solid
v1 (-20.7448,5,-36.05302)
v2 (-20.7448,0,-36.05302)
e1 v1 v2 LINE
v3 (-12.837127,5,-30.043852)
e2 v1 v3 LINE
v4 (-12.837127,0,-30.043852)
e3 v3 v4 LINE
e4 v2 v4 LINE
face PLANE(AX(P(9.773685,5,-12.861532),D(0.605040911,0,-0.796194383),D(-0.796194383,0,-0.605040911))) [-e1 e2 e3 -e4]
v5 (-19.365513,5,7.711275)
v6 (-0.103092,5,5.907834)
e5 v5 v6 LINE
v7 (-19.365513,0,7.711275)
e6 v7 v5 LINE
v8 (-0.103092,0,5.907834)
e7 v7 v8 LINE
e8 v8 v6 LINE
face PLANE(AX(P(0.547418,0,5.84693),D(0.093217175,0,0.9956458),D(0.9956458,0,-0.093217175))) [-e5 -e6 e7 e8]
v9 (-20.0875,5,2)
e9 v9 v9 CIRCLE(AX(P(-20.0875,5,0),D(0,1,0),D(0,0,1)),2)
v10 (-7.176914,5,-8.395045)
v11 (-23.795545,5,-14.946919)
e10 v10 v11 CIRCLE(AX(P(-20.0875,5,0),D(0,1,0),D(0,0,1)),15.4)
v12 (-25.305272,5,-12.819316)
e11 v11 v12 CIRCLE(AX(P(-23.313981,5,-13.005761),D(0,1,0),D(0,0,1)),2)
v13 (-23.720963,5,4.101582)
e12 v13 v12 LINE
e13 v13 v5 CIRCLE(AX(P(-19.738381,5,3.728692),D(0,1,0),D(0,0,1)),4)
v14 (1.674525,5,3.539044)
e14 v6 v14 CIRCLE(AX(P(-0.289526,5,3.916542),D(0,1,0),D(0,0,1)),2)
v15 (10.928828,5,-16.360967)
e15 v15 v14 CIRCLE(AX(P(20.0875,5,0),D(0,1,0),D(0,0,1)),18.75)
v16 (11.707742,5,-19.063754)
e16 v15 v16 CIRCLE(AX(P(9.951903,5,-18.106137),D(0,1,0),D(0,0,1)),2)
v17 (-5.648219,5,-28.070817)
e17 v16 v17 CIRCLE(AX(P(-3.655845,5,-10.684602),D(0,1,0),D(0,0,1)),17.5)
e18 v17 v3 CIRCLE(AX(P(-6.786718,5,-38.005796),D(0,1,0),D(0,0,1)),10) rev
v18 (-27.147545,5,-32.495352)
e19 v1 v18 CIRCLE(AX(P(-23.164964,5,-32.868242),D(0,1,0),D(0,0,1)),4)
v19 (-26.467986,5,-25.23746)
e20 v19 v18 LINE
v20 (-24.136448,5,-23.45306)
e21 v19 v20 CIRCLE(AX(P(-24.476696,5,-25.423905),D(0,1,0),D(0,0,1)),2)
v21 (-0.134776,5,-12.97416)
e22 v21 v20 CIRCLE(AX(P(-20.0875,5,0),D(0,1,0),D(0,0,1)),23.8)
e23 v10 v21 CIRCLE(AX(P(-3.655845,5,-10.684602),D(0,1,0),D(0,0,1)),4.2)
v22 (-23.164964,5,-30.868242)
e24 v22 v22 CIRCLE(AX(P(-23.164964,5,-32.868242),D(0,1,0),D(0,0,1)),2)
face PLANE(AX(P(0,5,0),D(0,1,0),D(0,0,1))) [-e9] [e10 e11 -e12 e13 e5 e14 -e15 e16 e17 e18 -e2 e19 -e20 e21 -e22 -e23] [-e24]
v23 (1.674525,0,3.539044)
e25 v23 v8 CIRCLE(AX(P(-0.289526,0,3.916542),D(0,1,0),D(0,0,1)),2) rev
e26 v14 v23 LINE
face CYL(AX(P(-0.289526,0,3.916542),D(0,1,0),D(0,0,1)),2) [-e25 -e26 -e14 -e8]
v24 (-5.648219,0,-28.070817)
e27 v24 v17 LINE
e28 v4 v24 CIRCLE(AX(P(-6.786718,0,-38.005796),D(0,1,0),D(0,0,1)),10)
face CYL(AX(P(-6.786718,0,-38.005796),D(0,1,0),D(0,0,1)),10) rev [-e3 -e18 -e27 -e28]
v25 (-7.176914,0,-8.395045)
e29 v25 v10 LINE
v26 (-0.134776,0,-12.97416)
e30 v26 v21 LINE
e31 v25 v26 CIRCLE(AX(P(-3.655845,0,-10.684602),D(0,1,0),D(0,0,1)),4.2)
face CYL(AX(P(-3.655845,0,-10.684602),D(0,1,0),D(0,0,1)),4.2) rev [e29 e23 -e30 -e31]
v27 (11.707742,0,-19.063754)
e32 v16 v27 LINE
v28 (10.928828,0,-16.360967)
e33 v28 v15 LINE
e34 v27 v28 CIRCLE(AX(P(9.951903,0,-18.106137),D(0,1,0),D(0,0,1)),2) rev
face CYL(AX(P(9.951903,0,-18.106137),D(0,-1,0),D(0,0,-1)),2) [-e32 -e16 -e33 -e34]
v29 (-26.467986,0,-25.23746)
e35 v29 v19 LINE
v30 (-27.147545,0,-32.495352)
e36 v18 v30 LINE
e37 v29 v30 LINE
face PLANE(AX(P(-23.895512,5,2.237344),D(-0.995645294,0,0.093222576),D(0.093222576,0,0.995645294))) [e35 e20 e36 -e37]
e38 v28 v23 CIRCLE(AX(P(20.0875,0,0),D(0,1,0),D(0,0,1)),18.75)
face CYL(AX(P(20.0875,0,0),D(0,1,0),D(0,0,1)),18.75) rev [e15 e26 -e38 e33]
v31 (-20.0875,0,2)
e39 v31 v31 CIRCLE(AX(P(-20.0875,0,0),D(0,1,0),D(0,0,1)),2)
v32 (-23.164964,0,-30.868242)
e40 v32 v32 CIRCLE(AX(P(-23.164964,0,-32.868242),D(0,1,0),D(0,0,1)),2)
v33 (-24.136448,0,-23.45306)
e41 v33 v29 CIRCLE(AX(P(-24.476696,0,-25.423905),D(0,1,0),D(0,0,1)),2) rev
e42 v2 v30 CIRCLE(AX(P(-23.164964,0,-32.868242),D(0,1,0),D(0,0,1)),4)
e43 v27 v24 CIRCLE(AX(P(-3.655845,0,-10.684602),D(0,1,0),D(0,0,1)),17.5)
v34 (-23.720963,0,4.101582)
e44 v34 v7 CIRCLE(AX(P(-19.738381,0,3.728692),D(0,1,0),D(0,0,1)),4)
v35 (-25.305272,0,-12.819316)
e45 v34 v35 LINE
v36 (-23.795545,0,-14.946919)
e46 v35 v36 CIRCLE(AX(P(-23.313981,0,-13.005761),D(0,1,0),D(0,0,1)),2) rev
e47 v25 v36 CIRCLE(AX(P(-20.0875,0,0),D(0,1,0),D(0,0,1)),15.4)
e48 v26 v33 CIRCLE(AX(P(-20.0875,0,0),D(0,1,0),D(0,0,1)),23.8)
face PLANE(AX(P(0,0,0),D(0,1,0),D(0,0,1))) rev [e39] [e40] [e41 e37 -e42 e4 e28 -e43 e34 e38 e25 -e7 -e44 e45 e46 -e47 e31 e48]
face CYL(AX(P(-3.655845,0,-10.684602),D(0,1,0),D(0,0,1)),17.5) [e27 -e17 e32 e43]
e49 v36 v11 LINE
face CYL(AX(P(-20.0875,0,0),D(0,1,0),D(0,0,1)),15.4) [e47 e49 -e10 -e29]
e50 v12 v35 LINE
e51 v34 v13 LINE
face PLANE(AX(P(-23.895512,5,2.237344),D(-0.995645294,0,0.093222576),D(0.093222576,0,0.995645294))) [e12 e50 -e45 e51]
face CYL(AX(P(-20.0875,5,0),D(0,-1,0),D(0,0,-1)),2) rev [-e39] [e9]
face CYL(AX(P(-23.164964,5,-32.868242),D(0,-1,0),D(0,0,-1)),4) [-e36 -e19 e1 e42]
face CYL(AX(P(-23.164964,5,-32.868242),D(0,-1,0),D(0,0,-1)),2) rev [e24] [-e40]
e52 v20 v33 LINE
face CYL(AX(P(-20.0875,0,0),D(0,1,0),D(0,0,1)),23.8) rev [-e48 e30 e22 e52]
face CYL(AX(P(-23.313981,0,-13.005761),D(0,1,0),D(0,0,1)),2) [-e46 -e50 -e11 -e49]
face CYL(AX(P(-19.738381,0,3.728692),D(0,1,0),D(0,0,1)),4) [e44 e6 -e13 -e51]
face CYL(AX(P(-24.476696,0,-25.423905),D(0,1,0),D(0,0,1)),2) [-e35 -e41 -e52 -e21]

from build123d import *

# Parameters (mm, degrees)
SKETCH_1_R          = 2
EXTRUDE_1_DEPTH     = 5
EXTRUDE_2_DEPTH     = 5
CUT_EXTRUDE_1_DEPTH = 6
EXTRUDE_3_DEPTH     = 5
FILLET_1_R          = 10
FILLET_2_R          = 2
SKETCH_6_R          = 18.75
CUT_EXTRUDE_2_DEPTH = 6
FILLET_3_R          = 2


with BuildPart() as part:
    # 草图1 → 凸台-拉伸1 (new body)
    with BuildSketch(Plane(origin=(0, 0, 0), x_dir=(1, 0, 0), z_dir=(0, 1, 0))):
        with BuildLine():
            ThreePointArc((-20.0875, 4), (-23.044826598, 2.693365811), (-24.070081176, -0.372890305))
            ThreePointArc((-24.070081176, -0.372890305), (-22.780865811, -2.957326598), (-20.0875, -4))
            ThreePointArc((-20.0875, -4), (-17.130173402, -2.693365811), (-16.104918824, 0.372890305))
            Line((-16.104918824, 0.372890305), (-16.444526225, 4))
            Line((-16.444526225, 4), (-20.0875, 4))
        make_face()
        with Locations((-20.0875, 0)):
            Circle(SKETCH_1_R, mode=Mode.SUBTRACT)
        with BuildLine():
            Line((-27.14754486, 32.495352138), (-24.070081176, -0.372890305))
            ThreePointArc((-24.070081176, -0.372890305), (-23.044826598, 2.693365811), (-20.0875, 4))
            Line((-20.0875, 4), (-16.444526225, 4))
            Line((-16.444526225, 4), (-18.333300994, 24.172685504))
            Line((-18.333300994, 24.172685504), (-25.585127327, 29.683464909))
            ThreePointArc((-25.585127327, 29.683464909), (-26.661456606, 30.925425609), (-27.14754486, 32.495352138))
        make_face()
        with BuildLine():
            ThreePointArc((-20.74480004, 36.053019976), (-25.107780517, 36.364735365), (-27.14754486, 32.495352138))
            ThreePointArc((-27.14754486, 32.495352138), (-26.661456606, 30.925425609), (-25.585127327, 29.683464909))
            Line((-25.585127327, 29.683464909), (-18.333300994, 24.172685504))
            Line((-18.333300994, 24.172685504), (-19.182382508, 33.241132747))
            ThreePointArc((-19.182382508, 33.241132747), (-19.668470762, 34.811059276), (-20.74480004, 36.053019976))
        make_face()
        with Locations((-23.164963684, 32.868242443)):
            Circle(SKETCH_1_R, mode=Mode.SUBTRACT)
        with BuildLine():
            Line((22.507663644, 3.184777534), (-20.74480004, 36.053019976))
            ThreePointArc((-20.74480004, 36.053019976), (-19.668470762, 34.811059276), (-19.182382508, 33.241132747))
            Line((-19.182382508, 33.241132747), (-18.333300994, 24.172685504))
            Line((-18.333300994, 24.172685504), (8.212637649, 4))
            Line((8.212637649, 4), (20.0875, 4))
            ThreePointArc((20.0875, 4), (21.364388771, 3.790719598), (22.507663644, 3.184777534))
        make_face()
        with BuildLine():
            ThreePointArc((-16.104918824, 0.372890305), (-17.130173402, -2.693365811), (-20.0875, -4))
            Line((-20.0875, -4), (20.0875, -4))
            ThreePointArc((20.0875, -4), (18.810611229, -3.790719598), (17.667336356, -3.184777534))
            Line((17.667336356, -3.184777534), (8.212637649, 4))
            Line((8.212637649, 4), (-16.444526225, 4))
            Line((-16.444526225, 4), (-16.104918824, 0.372890305))
        make_face()
        with BuildLine():
            ThreePointArc((17.667336356, -3.184777534), (18.810611229, -3.790719598), (20.0875, -4))
            ThreePointArc((20.0875, -4), (23.878219598, -1.276888771), (22.507663644, 3.184777534))
            ThreePointArc((22.507663644, 3.184777534), (21.364388771, 3.790719598), (20.0875, 4))
            Line((20.0875, 4), (8.212637649, 4))
            Line((8.212637649, 4), (17.667336356, -3.184777534))
        make_face()
        with Locations((20.0875, 0)):
            Circle(SKETCH_1_R, mode=Mode.SUBTRACT)
        Polygon((-18.333300994, 24.172685504), (-16.444526225, 4), (8.212637649, 4), align=None)
    extrude(amount=EXTRUDE_1_DEPTH)

    # 草图2 → 凸台-拉伸2 (add)
    with BuildSketch(Plane(origin=(0, 5, 0), x_dir=(1, 0, 0), z_dir=(0, 1, 0))):
        with BuildLine():
            ThreePointArc((-20.0875, -4), (-22.780865811, -2.957326598), (-24.070081176, -0.372890305))
            Line((-24.070081176, -0.372890305), (-23.720962628, -4.10158193))
            ThreePointArc((-23.720962628, -4.10158193), (-22.290826699, -6.808468121), (-19.365512753, -7.711274824))
            Line((-19.365512753, -7.711274824), (20.460368699, -3.982583199))
            ThreePointArc((20.460368699, -3.982583199), (20.274137625, -3.995643427), (20.0875, -4))
            Line((20.0875, -4), (-20.0875, -4))
        make_face()
    extrude(amount=-EXTRUDE_2_DEPTH)

    # 草图3 → 切除-拉伸1 (cut, through all)
    with BuildSketch(Plane(origin=(0, 5, 0), x_dir=(1, 0, 0), z_dir=(0, 1, 0))):
        with BuildLine():
            ThreePointArc((-36.289327432, 17.433897667), (-37.629570165, 14.285674695), (-36.182704661, 11.185007239))
            ThreePointArc((-36.182704661, 11.185007239), (-31.653466249, 15.823666602), (-25.858788976, 18.731049718))
            Line((-25.858788976, 18.731049718), (-26.257218708, 22.986399698))
            ThreePointArc((-26.257218708, 22.986399698), (-31.612650276, 20.82332613), (-36.289327432, 17.433897667))
        make_face()
        with BuildLine():
            ThreePointArc((-25.858788976, 18.731049718), (-11.47348363, 17.605644606), (-1.756724615, 6.938492183))
            ThreePointArc((-1.756724615, 6.938492183), (0.40025314, 9.594618202), (-0.134776474, 12.974159854))
            ThreePointArc((-0.134776474, 12.974159854), (-11.569633945, 22.223545124), (-26.257218708, 22.986399698))
            Line((-26.257218708, 22.986399698), (-25.858788976, 18.731049718))
        make_face()
        with BuildLine():
            ThreePointArc((-7.176914189, 8.395044611), (-4.745829362, 6.62850376), (-1.756724615, 6.938492183))
            ThreePointArc((-1.756724615, 6.938492183), (-11.47348363, 17.605644606), (-25.858788976, 18.731049718))
            Line((-25.858788976, 18.731049718), (-25.456435977, 14.433798061))
            ThreePointArc((-25.456435977, 14.433798061), (-15.256790284, 14.622730376), (-7.176914189, 8.395044611))
        make_face()
        with BuildLine():
            ThreePointArc((-25.858788976, 18.731049718), (-31.653466249, 15.823666602), (-36.182704661, 11.185007239))
            ThreePointArc((-36.182704661, 11.185007239), (-33.358528619, 10.15793874), (-30.571035397, 11.280757314))
            ThreePointArc((-30.571035397, 11.280757314), (-28.168999159, 13.109133127), (-25.456435977, 14.433798061))
            Line((-25.456435977, 14.433798061), (-25.858788976, 18.731049718))
        make_face()
    extrude(amount=-CUT_EXTRUDE_1_DEPTH, mode=Mode.SUBTRACT)

    # 草图4 → 凸台-拉伸3 (add)
    with BuildSketch(Plane(origin=(0, 5, 0), x_dir=(1, 0, 0), z_dir=(0, 1, 0))):
        with BuildLine():
            ThreePointArc((13.821061528, 9.785866119), (13.838380431, 10.235085855), (13.844154668, 10.684602232))
            ThreePointArc((13.844154668, 10.684602232), (6.570974544, 24.885382325), (-9.202948787, 27.282181672))
            Line((-9.202948787, 27.282181672), (13.821061528, 9.785866119))
        make_face()
    extrude(amount=-EXTRUDE_3_DEPTH)

    # 圆角1
    fillet_1_edges = [part.edges().sort_by_distance(p)[0] for p in [
        (13.821061528, 2.5, -9.785866119),
        (-9.202948787, 2.5, -27.282181672),
    ]]
    fillet(fillet_1_edges, radius=FILLET_1_R)

    # 圆角2
    fillet_2_edges = [part.edges().sort_by_distance(p)[0] for p in [
        (-26.257218708, 2.5, -22.986399698),
        (-25.456435977, 2.5, -14.433798061),
    ]]
    fillet(fillet_2_edges, radius=FILLET_2_R)

    # 草图6 → 切除-拉伸2 (cut, through all)
    with BuildSketch(Plane(origin=(0, 5, 0), x_dir=(1, 0, 0), z_dir=(0, 1, 0))):
        with Locations((20.0875, 0)):
            Circle(SKETCH_6_R)
    extrude(amount=-CUT_EXTRUDE_2_DEPTH, mode=Mode.SUBTRACT)

    # 圆角3
    fillet_3_edges = [part.edges().sort_by_distance(p)[0] for p in [
        (12.591508983, 2.5, -17.186407963),
        (2.22176543, 2.5, 5.690169441),
    ]]
    fillet(fillet_3_edges, radius=FILLET_3_R)


solid = part.part
